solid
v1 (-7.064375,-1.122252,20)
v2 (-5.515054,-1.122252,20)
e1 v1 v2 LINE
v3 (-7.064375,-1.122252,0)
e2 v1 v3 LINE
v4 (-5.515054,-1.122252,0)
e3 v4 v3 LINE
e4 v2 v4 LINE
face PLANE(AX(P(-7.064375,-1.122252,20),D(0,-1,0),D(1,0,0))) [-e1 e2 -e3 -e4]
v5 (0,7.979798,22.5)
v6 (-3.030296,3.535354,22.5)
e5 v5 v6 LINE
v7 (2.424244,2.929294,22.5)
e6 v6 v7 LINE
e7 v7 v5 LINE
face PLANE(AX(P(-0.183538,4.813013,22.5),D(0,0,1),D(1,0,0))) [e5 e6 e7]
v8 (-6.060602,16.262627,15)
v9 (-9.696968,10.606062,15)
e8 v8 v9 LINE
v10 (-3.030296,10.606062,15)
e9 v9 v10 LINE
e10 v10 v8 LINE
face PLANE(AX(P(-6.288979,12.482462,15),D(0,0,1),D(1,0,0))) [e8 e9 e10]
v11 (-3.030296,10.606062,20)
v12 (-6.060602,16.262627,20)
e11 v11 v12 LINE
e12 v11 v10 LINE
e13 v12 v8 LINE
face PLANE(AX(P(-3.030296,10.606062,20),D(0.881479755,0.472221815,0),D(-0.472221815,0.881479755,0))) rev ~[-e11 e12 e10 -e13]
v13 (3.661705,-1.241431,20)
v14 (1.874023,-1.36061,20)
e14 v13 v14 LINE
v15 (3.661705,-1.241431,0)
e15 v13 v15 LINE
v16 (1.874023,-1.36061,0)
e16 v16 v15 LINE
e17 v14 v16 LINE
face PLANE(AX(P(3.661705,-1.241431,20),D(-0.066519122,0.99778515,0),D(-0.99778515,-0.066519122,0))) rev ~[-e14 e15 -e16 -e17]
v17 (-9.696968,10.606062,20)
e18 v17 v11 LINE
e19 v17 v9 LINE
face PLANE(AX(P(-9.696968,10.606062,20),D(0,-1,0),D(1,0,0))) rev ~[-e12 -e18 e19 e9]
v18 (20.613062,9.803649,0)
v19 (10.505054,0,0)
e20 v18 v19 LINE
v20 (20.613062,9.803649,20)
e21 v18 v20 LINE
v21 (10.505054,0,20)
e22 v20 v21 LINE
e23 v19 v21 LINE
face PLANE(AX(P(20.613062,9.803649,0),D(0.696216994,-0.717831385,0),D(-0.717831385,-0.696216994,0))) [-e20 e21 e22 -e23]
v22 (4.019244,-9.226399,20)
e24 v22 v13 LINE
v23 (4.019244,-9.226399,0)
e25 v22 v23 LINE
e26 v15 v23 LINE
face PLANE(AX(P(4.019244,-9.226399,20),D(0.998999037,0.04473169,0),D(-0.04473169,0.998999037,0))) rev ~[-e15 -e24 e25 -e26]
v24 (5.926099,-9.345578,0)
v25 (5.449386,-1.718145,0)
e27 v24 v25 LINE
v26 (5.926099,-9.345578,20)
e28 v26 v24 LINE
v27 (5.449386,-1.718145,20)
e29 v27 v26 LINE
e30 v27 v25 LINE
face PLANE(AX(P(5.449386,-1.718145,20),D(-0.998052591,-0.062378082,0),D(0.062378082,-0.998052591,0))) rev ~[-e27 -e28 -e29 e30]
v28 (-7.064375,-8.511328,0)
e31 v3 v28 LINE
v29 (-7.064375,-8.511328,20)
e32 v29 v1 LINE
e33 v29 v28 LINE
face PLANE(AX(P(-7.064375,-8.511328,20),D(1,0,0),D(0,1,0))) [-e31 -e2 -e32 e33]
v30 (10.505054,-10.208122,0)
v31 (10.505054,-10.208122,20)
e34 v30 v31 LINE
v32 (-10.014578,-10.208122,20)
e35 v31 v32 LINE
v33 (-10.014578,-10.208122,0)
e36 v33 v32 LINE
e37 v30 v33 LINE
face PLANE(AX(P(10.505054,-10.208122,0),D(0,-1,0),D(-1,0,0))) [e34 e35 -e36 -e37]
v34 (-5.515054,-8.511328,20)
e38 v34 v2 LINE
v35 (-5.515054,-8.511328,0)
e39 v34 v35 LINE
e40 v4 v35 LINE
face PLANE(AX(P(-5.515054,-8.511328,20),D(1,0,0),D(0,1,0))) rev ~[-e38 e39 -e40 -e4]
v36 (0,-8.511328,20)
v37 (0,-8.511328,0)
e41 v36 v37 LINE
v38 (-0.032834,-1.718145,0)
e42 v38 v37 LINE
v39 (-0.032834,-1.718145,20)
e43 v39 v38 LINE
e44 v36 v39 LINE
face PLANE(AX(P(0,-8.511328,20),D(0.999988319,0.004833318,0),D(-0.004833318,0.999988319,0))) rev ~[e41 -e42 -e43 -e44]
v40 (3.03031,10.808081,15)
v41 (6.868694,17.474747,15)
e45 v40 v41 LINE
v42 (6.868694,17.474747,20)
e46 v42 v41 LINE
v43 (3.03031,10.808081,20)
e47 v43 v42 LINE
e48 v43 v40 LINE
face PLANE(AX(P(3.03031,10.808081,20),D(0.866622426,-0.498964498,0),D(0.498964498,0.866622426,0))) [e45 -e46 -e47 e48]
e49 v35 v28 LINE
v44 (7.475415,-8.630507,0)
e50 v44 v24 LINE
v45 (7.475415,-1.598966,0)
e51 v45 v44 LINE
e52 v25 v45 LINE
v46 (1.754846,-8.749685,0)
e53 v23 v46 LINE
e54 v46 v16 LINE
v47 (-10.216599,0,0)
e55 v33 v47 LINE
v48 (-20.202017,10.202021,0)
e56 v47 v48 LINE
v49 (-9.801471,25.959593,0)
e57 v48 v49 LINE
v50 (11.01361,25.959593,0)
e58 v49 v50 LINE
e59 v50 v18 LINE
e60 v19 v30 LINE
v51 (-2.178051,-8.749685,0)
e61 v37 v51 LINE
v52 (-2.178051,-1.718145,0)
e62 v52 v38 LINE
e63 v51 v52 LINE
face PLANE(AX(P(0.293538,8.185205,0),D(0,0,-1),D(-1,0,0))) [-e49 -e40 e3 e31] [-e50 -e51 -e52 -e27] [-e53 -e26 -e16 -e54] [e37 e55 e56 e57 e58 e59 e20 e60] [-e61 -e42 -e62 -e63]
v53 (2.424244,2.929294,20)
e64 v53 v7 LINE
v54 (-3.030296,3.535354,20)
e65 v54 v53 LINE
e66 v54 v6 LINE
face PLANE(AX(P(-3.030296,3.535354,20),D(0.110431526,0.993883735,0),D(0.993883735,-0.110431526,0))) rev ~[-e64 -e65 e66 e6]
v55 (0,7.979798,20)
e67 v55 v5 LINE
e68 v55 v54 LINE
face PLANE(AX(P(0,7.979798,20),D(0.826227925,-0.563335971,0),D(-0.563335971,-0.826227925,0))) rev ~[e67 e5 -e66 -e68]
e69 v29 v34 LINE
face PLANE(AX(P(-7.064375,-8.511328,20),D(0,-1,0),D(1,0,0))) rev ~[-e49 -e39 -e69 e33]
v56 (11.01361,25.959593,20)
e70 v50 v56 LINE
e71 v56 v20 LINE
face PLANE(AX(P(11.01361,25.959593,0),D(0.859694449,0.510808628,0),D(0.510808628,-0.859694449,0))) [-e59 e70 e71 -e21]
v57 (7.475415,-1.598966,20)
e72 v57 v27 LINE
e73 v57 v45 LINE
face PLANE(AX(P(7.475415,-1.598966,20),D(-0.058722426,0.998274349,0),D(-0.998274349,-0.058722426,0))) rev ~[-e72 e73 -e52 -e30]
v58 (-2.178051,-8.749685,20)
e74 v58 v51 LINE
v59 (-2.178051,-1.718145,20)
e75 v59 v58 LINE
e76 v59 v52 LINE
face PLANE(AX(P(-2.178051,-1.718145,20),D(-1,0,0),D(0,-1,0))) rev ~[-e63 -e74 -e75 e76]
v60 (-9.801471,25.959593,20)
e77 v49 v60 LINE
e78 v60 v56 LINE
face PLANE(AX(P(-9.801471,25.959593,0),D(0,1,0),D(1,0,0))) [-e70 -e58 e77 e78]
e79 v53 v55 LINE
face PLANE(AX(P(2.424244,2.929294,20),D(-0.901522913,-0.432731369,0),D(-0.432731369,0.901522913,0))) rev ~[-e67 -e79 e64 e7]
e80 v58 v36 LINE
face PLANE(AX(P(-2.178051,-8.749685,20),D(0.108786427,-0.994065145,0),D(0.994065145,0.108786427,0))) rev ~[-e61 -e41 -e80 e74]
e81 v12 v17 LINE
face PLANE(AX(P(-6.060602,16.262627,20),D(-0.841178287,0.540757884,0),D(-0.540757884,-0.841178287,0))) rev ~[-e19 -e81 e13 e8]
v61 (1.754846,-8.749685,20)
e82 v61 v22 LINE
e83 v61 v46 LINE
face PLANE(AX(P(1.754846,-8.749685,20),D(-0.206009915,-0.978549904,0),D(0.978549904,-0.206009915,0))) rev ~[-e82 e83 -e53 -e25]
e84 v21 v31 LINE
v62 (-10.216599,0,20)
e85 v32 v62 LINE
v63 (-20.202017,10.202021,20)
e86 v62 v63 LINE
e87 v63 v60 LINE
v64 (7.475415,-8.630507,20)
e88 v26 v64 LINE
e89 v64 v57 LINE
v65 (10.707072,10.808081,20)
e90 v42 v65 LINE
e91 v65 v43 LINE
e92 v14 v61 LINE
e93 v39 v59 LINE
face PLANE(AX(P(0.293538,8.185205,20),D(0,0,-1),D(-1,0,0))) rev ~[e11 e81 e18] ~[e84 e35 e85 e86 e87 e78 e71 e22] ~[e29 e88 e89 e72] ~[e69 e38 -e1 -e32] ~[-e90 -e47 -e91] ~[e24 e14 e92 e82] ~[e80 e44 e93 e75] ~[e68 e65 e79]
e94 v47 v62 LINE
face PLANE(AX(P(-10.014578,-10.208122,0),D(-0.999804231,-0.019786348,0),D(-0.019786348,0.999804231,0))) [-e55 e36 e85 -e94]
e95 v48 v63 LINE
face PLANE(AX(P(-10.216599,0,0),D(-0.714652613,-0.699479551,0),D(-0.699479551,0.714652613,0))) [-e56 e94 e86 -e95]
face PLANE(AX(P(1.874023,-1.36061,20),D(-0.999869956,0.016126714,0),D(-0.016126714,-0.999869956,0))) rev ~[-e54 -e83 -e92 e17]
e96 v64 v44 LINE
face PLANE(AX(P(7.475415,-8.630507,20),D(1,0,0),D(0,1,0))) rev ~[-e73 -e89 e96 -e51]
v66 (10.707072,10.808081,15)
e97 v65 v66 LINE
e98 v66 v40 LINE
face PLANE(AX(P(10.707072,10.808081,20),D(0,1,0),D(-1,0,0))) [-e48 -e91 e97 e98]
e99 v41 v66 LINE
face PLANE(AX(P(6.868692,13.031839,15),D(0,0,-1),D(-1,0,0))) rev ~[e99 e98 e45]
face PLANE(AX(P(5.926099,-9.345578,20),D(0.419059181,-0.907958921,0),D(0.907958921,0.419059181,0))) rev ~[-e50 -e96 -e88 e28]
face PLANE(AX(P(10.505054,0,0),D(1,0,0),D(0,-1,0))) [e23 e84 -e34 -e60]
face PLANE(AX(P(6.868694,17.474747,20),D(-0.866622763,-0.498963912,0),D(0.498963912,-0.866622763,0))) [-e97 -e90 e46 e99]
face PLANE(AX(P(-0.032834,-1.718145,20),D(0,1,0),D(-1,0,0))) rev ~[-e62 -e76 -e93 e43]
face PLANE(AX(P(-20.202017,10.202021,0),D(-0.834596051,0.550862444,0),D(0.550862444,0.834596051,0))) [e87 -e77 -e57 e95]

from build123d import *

# Parameters (mm, degrees)
PAD_DEPTH       = 20
POCKET_DEPTH    = 5
POCKET001_DEPTH = 5
PAD001_DEPTH    = 2.5
SKETCH004_W     = 1.549321
SKETCH004_H     = 7.389076
POCKET002_DEPTH = 20.001
POCKET003_DEPTH = 20.001
POCKET004_DEPTH = 20.001
POCKET005_DEPTH = 20.001


with BuildPart() as part:
    # Sketch → Pad (new body)
    with BuildSketch(Plane.XY):
        Polygon((-9.801471, 25.959593), (11.01361, 25.959593), (20.613062, 9.803649), (10.505054, 0), (10.505054, -10.208122), (-10.014578, -10.208122), (-10.216599, 0), (-20.202017, 10.202021), align=None)
    extrude(amount=PAD_DEPTH)

    # Sketch002 (on Face10 of Pad) → Pocket (cut)
    with BuildSketch(Plane.XY.offset(20)):
        Polygon((10.707072, 10.808081), (3.03031, 10.808081), (6.868694, 17.474747), align=None)
    extrude(amount=-POCKET_DEPTH, mode=Mode.SUBTRACT)

    # Sketch001 (on Face10 of Pad) → Pocket001 (cut)
    with BuildSketch(Plane.XY.offset(20)):
        Polygon((-6.060602, 16.262627), (-9.696968, 10.606062), (-3.030296, 10.606062), align=None)
    extrude(amount=-POCKET001_DEPTH, mode=Mode.SUBTRACT)

    # Sketch003 (on Face5 of Pocket001) → Pad001 (join)
    with BuildSketch(Plane.XY.offset(20)):
        Polygon((0, 7.979798), (-3.030296, 3.535354), (2.424244, 2.929294), align=None)
    extrude(amount=PAD001_DEPTH)

    # Sketch004 (on Face5 of Pad001) → Pocket002 (cut, through all)
    with BuildSketch(Plane.XY.offset(20)):
        with Locations((-6.289715, -4.81679)):
            Rectangle(SKETCH004_W, SKETCH004_H)
    extrude(amount=-POCKET002_DEPTH, mode=Mode.SUBTRACT)

    # Sketch005 (on Face5 of Pocket002) → Pocket003 (cut, through all)
    with BuildSketch(Plane.XY.offset(20)):
        Polygon((-2.178051, -1.718145), (-2.178051, -8.749685), (0, -8.511328), (-0.032834, -1.718145), align=None)
    extrude(amount=-POCKET003_DEPTH, mode=Mode.SUBTRACT)

    # Sketch006 (on Face5 of Pocket003) → Pocket004 (cut, through all)
    with BuildSketch(Plane.XY.offset(20)):
        Polygon((1.874023, -1.36061), (1.754846, -8.749685), (4.019244, -9.226399), (3.661705, -1.241431), align=None)
    extrude(amount=-POCKET004_DEPTH, mode=Mode.SUBTRACT)

    # Sketch007 (on Face5 of Pocket004) → Pocket005 (cut, through all)
    with BuildSketch(Plane.XY.offset(20)):
        Polygon((5.449386, -1.718145), (5.926099, -9.345578), (7.475415, -8.630507), (7.475415, -1.598966), align=None)
    extrude(amount=-POCKET005_DEPTH, mode=Mode.SUBTRACT)


solid = part.part
